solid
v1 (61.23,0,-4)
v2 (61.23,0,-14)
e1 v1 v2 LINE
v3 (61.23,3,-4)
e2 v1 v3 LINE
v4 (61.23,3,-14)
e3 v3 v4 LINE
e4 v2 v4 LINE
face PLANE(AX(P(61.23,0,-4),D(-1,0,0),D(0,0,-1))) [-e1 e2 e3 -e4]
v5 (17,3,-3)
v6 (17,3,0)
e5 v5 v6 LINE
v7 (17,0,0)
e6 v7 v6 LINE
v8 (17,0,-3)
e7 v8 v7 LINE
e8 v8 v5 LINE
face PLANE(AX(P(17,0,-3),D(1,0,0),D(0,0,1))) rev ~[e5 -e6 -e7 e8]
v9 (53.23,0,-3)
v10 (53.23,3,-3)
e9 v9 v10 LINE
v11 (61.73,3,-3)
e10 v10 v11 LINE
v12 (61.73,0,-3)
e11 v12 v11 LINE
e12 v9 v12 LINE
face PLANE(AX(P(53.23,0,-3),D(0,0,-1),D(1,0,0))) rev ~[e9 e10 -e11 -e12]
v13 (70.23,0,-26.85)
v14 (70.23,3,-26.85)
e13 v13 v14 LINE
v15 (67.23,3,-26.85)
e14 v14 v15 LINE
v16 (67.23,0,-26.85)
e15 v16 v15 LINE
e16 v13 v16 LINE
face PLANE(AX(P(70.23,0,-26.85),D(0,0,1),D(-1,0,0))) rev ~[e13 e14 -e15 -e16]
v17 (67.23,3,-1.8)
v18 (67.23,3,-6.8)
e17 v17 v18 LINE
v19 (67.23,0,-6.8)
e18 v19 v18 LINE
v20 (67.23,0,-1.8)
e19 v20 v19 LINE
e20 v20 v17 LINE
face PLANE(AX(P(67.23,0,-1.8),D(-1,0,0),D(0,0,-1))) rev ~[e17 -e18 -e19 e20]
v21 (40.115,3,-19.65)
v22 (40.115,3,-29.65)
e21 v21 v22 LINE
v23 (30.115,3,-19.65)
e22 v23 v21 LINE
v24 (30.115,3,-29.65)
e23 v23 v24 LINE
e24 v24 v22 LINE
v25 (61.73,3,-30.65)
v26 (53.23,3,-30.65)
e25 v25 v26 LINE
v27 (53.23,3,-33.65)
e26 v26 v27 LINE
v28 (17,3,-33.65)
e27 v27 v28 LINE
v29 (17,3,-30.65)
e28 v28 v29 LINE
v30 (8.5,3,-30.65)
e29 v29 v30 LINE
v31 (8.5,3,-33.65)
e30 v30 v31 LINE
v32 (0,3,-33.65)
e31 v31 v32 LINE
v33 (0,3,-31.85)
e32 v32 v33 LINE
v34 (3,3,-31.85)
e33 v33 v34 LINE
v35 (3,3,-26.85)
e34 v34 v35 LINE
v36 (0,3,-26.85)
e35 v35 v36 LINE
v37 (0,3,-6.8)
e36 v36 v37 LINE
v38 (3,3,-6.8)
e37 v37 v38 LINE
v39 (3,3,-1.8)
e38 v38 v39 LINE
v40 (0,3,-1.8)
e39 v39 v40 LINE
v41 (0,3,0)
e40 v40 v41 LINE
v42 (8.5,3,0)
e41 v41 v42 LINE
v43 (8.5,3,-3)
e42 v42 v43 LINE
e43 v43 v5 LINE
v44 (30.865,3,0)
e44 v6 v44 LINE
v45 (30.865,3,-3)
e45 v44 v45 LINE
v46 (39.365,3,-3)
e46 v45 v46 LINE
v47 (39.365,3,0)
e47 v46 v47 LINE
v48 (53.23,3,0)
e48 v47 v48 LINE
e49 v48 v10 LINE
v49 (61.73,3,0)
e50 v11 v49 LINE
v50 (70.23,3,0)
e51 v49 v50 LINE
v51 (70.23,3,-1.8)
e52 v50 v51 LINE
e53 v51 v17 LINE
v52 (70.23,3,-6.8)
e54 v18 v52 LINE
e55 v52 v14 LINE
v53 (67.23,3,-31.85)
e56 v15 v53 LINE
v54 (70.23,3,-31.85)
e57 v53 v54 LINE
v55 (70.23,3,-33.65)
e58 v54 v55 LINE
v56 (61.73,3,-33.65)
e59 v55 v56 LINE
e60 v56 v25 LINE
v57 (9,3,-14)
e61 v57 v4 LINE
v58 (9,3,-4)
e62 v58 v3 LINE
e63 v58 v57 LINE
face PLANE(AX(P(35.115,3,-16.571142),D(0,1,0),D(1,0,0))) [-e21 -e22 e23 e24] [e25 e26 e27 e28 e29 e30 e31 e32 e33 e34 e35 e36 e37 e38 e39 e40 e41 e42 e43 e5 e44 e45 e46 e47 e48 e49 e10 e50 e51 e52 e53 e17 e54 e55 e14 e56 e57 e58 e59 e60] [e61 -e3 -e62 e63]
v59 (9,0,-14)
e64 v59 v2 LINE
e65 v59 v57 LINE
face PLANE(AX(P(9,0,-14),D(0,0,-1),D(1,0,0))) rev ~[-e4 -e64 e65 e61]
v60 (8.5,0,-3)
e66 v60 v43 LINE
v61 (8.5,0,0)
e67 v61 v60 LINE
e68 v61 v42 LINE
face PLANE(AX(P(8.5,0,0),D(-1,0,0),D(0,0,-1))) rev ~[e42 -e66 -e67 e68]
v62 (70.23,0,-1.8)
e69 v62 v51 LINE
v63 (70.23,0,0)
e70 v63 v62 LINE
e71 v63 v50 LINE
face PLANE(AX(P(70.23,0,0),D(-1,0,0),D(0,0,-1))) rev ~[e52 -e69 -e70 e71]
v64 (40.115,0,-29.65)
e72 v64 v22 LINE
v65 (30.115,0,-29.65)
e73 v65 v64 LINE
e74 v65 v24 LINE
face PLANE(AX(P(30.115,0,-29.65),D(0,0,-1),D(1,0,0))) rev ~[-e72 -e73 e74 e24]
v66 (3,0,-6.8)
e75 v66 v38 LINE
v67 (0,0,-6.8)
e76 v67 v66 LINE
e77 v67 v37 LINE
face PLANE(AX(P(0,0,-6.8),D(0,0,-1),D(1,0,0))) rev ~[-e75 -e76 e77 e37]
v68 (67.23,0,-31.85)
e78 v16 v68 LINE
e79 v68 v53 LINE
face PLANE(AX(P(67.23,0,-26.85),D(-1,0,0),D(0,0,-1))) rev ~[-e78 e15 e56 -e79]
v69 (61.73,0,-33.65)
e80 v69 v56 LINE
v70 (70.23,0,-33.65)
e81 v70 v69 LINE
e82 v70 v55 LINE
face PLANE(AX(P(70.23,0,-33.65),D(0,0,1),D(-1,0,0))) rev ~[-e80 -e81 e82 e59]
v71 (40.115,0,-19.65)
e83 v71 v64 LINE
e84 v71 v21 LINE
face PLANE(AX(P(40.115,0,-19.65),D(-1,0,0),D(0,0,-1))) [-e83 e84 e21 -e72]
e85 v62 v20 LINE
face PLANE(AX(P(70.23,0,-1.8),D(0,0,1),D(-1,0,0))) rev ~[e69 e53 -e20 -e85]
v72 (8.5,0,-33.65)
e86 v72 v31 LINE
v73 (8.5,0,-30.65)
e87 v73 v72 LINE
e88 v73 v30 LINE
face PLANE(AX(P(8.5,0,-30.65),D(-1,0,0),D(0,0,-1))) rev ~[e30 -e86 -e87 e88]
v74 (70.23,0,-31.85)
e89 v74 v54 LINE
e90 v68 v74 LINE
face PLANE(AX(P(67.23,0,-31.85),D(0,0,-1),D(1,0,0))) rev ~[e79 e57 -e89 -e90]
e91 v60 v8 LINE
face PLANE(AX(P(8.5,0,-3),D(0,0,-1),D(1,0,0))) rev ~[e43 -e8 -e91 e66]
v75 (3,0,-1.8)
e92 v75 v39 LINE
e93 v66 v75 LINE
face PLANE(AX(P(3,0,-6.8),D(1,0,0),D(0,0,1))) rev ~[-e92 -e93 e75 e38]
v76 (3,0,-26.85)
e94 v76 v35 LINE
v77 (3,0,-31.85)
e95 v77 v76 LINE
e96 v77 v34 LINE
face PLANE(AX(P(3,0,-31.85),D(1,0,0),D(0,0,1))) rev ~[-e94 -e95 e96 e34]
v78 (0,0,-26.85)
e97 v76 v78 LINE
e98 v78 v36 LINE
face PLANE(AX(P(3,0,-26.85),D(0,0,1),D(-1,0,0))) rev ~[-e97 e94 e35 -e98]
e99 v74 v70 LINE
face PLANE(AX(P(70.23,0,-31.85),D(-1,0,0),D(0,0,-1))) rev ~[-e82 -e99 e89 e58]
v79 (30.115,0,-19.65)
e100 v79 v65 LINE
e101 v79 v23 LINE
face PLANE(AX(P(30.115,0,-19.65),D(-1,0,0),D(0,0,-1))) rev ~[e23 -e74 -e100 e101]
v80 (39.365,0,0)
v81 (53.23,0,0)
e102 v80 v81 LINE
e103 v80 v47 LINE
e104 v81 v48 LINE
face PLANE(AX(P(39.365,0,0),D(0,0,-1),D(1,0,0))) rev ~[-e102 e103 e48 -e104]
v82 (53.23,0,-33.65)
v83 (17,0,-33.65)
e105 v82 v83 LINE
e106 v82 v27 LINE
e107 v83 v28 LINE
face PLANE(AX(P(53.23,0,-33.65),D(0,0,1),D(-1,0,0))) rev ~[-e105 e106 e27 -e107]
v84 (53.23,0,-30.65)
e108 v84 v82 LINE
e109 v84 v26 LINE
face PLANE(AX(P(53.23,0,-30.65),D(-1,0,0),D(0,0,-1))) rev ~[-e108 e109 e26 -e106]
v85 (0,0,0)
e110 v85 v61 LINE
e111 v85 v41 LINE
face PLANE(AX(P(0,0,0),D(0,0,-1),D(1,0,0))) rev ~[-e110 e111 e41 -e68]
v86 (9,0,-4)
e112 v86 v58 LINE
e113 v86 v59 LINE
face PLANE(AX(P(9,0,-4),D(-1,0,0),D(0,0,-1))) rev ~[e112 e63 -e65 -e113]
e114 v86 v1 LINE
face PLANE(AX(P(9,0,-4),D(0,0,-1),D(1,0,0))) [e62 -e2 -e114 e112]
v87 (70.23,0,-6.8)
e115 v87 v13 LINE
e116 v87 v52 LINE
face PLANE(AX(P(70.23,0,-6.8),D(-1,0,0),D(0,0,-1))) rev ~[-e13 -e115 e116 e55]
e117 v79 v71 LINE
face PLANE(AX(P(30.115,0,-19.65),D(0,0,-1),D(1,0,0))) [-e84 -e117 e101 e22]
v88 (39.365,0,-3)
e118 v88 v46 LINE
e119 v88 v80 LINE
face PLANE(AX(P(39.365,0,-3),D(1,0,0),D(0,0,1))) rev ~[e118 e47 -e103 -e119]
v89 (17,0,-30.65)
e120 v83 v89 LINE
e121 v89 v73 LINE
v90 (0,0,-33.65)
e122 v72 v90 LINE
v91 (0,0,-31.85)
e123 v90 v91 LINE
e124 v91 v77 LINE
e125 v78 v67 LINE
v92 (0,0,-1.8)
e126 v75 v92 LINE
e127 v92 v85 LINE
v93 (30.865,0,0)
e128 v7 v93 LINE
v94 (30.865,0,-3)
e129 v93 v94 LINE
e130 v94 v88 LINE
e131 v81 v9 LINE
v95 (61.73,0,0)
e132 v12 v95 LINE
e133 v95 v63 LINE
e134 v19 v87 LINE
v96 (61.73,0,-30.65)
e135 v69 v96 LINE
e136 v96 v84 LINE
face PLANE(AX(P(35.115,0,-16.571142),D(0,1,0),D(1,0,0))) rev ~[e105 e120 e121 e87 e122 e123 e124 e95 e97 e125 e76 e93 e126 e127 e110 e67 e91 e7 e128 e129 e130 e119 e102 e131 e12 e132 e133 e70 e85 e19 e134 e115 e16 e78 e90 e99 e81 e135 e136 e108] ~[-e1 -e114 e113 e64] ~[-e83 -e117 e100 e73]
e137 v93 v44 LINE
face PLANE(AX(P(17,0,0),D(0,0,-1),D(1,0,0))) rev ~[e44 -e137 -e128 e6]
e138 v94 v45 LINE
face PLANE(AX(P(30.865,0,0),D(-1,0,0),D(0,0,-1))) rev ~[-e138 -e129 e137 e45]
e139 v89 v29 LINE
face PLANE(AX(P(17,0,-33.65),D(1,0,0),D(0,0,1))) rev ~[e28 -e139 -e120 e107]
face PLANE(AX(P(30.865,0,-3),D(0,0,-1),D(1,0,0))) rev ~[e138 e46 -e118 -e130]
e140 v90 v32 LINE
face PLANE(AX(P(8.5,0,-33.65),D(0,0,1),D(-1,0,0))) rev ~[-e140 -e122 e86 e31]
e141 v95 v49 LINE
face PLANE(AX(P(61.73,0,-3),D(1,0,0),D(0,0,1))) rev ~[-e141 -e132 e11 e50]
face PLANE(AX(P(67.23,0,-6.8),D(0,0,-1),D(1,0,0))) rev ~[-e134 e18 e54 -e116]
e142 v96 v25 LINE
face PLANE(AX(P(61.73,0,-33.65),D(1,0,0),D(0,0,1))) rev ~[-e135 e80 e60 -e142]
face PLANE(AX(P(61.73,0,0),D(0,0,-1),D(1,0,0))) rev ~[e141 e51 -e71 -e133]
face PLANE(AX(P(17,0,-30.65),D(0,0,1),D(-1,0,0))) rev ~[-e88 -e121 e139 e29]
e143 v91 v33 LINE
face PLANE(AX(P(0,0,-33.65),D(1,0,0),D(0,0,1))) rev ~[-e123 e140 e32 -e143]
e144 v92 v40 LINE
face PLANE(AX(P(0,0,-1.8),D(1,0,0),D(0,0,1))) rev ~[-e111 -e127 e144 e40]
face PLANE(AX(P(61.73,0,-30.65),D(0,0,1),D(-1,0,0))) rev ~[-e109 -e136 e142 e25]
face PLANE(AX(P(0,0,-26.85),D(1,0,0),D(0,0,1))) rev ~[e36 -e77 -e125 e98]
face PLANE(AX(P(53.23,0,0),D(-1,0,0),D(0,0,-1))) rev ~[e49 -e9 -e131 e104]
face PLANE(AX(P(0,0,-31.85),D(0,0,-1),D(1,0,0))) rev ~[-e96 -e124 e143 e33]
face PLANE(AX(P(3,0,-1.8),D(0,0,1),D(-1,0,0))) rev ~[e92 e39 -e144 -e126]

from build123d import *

# Parameters (mm, degrees)
CROQUIS1_W              = 52.23
CROQUIS1_H              = 10
CROQUIS1_W_2            = 10
SALIENTE_EXTRUIR1_DEPTH = 3


with BuildPart() as part:
    # Croquis1 → Saliente-Extruir1 (new body)
    with BuildSketch(Plane(origin=(0, 0, 0), x_dir=(1, 0, 0), z_dir=(0, 1, 0))):
        Polygon((17, 33.65), (17, 30.65), (8.5, 30.65), (8.5, 33.65), (0, 33.65), (0, 31.85), (3, 31.85), (3, 26.85), (0, 26.85), (0, 6.8), (3, 6.8), (3, 1.8), (0, 1.8), (0, 0), (8.5, 0), (8.5, 3), (17, 3), (17, 0), (30.865, 0), (30.865, 3), (39.365, 3), (39.365, 0), (53.23, 0), (53.23, 3), (61.73, 3), (61.73, 0), (70.23, 0), (70.23, 1.8), (67.23, 1.8), (67.23, 6.8), (70.23, 6.8), (70.23, 26.85), (67.23, 26.85), (67.23, 31.85), (70.23, 31.85), (70.23, 33.65), (61.73, 33.65), (61.73, 30.65), (53.23, 30.65), (53.23, 33.65), align=None)
        with Locations((35.115, 9)):
            Rectangle(CROQUIS1_W, CROQUIS1_H, mode=Mode.SUBTRACT)
        with Locations((35.115, 24.65)):
            Rectangle(CROQUIS1_W_2, CROQUIS1_H, mode=Mode.SUBTRACT)
    extrude(amount=SALIENTE_EXTRUIR1_DEPTH)


solid = part.part
